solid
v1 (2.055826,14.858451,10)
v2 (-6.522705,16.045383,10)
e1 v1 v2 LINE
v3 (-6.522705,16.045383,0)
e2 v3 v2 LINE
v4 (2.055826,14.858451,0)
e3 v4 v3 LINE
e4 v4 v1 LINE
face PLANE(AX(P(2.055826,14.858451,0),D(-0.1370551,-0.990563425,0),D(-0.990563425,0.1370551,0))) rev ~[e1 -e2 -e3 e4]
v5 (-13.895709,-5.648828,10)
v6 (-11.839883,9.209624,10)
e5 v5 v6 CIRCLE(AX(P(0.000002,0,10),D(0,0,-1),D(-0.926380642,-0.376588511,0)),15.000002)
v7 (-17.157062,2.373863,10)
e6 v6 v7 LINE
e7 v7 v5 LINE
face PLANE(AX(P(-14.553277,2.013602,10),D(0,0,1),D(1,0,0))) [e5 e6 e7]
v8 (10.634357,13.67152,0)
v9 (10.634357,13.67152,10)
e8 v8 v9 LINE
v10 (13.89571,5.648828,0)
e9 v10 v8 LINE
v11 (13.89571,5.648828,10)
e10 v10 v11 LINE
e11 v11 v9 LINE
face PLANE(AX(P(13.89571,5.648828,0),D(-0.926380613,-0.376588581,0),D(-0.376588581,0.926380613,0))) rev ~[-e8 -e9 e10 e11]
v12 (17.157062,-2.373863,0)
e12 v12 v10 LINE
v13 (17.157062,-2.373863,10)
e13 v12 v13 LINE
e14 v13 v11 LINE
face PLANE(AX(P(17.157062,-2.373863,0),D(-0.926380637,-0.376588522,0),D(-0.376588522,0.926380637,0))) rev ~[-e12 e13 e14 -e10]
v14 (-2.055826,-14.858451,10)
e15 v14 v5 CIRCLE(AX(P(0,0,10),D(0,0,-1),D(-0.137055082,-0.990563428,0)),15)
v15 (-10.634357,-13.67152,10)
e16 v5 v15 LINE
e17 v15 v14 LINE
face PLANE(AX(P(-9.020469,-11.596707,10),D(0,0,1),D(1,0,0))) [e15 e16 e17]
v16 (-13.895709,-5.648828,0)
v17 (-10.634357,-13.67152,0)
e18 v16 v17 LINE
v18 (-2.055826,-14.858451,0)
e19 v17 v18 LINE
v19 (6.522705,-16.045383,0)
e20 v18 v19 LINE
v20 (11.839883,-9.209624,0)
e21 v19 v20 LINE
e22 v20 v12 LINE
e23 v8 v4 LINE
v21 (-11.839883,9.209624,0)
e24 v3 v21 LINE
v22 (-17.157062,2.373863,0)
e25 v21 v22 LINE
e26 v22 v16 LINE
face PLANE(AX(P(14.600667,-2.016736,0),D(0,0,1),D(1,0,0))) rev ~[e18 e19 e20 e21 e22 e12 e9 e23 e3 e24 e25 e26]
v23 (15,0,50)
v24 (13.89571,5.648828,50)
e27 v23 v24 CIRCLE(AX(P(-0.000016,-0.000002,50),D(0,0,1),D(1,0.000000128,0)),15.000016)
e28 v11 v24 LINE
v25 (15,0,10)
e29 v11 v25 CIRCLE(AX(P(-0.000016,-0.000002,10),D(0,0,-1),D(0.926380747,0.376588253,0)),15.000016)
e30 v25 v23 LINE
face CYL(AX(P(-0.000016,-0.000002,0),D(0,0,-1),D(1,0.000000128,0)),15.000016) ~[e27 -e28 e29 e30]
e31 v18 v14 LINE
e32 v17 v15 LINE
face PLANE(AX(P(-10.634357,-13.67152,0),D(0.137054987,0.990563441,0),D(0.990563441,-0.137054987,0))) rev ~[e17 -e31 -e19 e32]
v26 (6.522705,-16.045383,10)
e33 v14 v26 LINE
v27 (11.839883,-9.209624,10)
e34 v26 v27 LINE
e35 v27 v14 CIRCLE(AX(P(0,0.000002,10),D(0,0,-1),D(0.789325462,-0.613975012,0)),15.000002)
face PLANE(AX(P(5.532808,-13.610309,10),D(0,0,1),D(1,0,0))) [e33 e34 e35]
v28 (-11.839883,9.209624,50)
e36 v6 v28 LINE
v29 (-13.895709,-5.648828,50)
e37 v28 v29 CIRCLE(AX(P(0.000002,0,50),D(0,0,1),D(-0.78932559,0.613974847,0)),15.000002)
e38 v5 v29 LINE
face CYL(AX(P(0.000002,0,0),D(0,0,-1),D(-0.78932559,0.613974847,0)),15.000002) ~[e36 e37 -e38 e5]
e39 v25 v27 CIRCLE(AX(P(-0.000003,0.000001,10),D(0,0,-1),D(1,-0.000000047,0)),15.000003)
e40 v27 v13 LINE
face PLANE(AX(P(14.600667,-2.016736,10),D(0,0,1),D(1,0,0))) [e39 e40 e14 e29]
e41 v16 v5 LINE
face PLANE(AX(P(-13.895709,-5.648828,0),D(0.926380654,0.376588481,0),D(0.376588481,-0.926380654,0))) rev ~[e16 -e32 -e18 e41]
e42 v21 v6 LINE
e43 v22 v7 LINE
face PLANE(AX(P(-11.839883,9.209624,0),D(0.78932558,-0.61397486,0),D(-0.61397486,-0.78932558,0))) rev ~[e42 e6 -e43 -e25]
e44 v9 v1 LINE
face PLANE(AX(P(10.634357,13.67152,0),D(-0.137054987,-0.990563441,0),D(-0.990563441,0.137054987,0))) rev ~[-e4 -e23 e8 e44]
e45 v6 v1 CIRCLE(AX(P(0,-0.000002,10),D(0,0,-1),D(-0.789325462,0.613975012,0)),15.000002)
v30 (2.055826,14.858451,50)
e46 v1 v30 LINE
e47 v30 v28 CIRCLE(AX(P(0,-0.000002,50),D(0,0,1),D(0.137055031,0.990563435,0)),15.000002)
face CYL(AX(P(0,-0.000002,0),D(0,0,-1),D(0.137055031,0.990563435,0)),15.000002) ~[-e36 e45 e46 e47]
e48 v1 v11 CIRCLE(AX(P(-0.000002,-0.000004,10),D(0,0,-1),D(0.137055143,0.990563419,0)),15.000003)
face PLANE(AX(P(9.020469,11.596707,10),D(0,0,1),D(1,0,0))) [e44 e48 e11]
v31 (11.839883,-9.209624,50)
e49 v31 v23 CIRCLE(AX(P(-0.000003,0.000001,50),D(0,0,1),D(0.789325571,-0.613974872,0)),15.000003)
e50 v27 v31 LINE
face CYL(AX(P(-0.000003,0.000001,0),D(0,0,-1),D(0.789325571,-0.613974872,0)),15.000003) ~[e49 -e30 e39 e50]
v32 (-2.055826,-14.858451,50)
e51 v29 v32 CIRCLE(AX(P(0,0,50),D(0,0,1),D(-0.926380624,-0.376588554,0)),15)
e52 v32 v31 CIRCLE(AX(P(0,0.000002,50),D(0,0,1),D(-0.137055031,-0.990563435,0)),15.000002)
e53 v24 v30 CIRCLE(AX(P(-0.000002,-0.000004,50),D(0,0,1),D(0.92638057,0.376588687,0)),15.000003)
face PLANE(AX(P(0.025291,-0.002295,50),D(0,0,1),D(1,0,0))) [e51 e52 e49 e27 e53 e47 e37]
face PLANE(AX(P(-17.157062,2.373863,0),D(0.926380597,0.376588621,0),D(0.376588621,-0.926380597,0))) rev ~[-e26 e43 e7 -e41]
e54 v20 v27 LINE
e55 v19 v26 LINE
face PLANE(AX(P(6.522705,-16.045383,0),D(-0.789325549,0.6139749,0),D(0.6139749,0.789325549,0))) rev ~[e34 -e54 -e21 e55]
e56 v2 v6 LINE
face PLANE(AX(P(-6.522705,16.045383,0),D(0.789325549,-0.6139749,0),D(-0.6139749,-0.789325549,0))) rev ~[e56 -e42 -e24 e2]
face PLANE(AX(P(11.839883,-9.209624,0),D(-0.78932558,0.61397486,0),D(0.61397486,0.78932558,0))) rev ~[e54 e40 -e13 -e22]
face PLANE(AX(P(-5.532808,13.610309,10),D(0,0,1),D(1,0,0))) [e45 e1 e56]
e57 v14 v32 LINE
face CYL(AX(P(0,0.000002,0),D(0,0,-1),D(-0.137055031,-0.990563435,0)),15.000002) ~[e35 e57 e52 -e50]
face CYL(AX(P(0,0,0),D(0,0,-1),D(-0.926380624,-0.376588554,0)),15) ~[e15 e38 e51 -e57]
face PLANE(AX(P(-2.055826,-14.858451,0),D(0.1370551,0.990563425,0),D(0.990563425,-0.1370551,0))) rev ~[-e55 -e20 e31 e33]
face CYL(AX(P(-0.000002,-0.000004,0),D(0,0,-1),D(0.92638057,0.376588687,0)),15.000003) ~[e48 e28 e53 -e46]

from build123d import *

# Parameters (mm, degrees)
F1_DEPTH = 50
F2_DEPTH = 10


with BuildPart() as f1:
    # F0 (on Top) → F1 (new body)
    with BuildSketch(Plane.XY):
        with BuildLine():
            ThreePointArc((11.839883, -9.209624), (14.187992, -4.868355), (15, 0))
            ThreePointArc((15, 0), (14.721339, 2.877877), (13.89571, 5.648828))
            ThreePointArc((13.89571, 5.648828), (9.209623, 11.839883), (2.055826, 14.858451))
            ThreePointArc((2.055826, 14.858451), (-5.648828, 13.895709), (-11.839883, 9.209624))
            ThreePointArc((-11.839883, 9.209624), (-14.858451, 2.055826), (-13.895709, -5.648828))
            ThreePointArc((-13.895709, -5.648828), (-9.209623, -11.839883), (-2.055826, -14.858451))
            ThreePointArc((-2.055826, -14.858451), (5.648828, -13.895709), (11.839883, -9.209624))
        make_face()
    extrude(amount=F1_DEPTH)

    # F0 (on Top) → F2 (join)
    with BuildSketch(Plane.XY):
        with BuildLine():
            ThreePointArc((13.89571, 5.648828), (14.721339, 2.877877), (15, 0))
            ThreePointArc((15, 0), (14.187992, -4.868355), (11.839883, -9.209624))
            Line((11.839883, -9.209624), (17.157062, -2.373863))
            Line((17.157062, -2.373863), (13.89571, 5.648828))
        make_face()
        with BuildLine():
            ThreePointArc((2.055826, 14.858451), (9.209623, 11.839883), (13.89571, 5.648828))
            Line((13.89571, 5.648828), (10.634357, 13.67152))
            Line((10.634357, 13.67152), (2.055826, 14.858451))
        make_face()
        with BuildLine():
            Line((6.522705, -16.045383), (11.839883, -9.209624))
            ThreePointArc((11.839883, -9.209624), (5.648828, -13.895709), (-2.055826, -14.858451))
            Line((-2.055826, -14.858451), (6.522705, -16.045383))
        make_face()
        with BuildLine():
            ThreePointArc((-11.839883, 9.209624), (-5.648828, 13.895709), (2.055826, 14.858451))
            Line((2.055826, 14.858451), (-6.522705, 16.045383))
            Line((-6.522705, 16.045383), (-11.839883, 9.209624))
        make_face()
        with BuildLine():
            Line((-10.634357, -13.67152), (-2.055826, -14.858451))
            ThreePointArc((-2.055826, -14.858451), (-9.209623, -11.839883), (-13.895709, -5.648828))
            Line((-13.895709, -5.648828), (-10.634357, -13.67152))
        make_face()
        with BuildLine():
            ThreePointArc((-13.895709, -5.648828), (-14.858451, 2.055826), (-11.839883, 9.209624))
            Line((-11.839883, 9.209624), (-17.157062, 2.373863))
            Line((-17.157062, 2.373863), (-13.895709, -5.648828))
        make_face()
    extrude(amount=F2_DEPTH)


solid = f1.part
